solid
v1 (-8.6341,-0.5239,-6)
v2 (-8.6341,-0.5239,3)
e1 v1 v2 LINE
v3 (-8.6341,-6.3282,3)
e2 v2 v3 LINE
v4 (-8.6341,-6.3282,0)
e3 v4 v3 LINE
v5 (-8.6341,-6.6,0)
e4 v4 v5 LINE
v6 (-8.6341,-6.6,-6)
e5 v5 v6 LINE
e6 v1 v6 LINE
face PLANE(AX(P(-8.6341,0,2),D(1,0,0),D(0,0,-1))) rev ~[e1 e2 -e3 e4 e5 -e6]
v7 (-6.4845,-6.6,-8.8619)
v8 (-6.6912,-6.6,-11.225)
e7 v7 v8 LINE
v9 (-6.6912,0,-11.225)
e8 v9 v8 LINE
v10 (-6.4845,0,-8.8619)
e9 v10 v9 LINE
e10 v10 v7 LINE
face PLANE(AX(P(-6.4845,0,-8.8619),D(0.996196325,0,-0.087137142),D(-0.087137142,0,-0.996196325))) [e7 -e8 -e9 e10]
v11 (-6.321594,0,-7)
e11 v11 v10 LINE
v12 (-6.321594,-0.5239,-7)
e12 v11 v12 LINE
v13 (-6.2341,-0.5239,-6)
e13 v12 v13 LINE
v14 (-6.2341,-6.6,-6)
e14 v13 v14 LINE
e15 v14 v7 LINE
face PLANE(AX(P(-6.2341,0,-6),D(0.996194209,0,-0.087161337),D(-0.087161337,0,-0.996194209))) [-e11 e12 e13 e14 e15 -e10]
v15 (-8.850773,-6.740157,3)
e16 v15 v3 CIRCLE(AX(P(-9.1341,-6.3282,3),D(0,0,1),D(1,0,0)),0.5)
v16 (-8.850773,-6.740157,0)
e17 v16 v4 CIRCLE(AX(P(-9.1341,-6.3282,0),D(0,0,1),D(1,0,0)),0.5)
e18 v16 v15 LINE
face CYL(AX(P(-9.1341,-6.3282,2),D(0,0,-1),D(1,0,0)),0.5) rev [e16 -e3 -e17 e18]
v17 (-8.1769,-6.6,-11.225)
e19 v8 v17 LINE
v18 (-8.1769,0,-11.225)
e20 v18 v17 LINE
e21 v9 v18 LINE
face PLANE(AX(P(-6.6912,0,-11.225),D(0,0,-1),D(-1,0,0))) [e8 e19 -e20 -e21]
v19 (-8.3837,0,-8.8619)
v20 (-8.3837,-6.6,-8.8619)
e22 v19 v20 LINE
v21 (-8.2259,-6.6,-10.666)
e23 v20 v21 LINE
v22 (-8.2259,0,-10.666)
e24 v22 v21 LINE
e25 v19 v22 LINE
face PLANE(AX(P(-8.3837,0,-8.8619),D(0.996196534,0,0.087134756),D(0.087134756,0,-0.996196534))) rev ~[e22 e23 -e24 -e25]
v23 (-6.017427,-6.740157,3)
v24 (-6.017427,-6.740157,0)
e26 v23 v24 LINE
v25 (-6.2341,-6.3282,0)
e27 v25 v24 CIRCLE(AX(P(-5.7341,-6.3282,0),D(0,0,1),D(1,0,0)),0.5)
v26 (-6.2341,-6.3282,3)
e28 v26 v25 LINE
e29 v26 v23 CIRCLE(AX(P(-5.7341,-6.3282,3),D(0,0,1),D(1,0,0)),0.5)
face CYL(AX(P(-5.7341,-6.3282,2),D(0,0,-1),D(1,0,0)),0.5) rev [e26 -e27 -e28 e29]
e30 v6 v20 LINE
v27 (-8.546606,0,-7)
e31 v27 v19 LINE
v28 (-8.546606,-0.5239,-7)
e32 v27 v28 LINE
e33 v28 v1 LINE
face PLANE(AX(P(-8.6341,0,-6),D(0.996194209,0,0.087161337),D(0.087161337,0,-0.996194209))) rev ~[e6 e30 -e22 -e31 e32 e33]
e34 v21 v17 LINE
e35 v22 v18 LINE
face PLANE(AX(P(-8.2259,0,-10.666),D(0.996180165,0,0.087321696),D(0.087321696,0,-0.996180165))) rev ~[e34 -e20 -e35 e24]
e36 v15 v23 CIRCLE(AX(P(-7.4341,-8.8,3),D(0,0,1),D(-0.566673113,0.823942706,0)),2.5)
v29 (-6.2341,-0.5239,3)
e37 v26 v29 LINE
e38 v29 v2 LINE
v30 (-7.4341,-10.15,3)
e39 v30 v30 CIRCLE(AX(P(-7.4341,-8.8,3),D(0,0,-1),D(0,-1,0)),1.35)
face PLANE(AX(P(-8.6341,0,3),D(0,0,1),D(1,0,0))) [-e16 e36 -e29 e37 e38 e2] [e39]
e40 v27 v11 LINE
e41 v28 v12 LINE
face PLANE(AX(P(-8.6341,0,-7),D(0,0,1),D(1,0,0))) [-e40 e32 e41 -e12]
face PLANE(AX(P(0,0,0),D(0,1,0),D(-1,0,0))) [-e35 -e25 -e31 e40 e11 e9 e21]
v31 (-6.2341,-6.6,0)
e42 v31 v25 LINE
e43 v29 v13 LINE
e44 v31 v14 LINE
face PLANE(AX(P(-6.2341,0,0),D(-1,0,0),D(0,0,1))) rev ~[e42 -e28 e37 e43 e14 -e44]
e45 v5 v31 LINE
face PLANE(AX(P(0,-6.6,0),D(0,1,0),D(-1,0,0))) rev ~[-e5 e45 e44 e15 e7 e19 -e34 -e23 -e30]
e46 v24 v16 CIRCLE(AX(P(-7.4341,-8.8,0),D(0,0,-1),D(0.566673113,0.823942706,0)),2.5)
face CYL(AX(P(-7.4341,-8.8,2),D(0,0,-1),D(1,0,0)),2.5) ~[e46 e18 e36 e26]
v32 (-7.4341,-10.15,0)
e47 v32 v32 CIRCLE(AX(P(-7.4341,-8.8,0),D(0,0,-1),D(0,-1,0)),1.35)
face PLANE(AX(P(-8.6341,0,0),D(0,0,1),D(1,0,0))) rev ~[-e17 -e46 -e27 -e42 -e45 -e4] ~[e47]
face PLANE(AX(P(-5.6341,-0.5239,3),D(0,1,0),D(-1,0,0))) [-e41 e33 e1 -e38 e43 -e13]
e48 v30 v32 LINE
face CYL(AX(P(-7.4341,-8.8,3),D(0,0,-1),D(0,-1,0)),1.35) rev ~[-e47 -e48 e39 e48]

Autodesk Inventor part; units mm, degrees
ref_plane "YZ Plane" through (0, 0, 0) normal (1, 0, 0) x (0, 1, 0)
ref_plane "XZ Plane" through (0, 0, 0) normal (0, 1, 0) x (-1, 0, 0)
sketch "Sketch1" plane through (0, 0, 0) normal (0, 1, 0) x (-1, 0, 0)
  line L0 (5.5341, -4.8619) -> (4.7341, -5.0029) projected
  line L1 (5.5341, -4.4619) -> (5.5341, -4.8619) projected
  line L2 (4.7341, -4) -> (5.5341, -4.4619) projected
  line L3 (4.7341, -3.0029) -> (4.7341, -4) projected
  line L4 (5.5341, -2.8619) -> (4.7341, -3.0029) projected
  line L5 (5.5341, -2.4619) -> (5.5341, -2.8619) projected
  line L6 (4.7341, -2) -> (5.5341, -2.4619) projected
  line L7 (4.7341, -1.0029) -> (4.7341, -2) projected
  line L8 (5.5341, -0.8619) -> (4.7341, -1.0029) projected
  line L9 (5.5341, -0.4619) -> (5.5341, -0.8619) projected
  line L10 (4.7341, 0) -> (5.5341, -0.4619) projected
  line L11 (10.1341, 0) -> (4.7341, 0) projected
  line L12 (9.3341, -0.4619) -> (10.1341, 0) projected
  line L13 (9.3341, -0.8619) -> (9.3341, -0.4619) projected
  line L14 (10.1341, -1.0029) -> (9.3341, -0.8619) projected
  line L15 (10.1341, -1.0029) -> (10.1341, -2) projected
  line L16 (9.3341, -2.4619) -> (10.1341, -2) projected
  line L17 (9.3341, -2.8619) -> (9.3341, -2.4619) projected
  line L18 (10.1341, -3.0029) -> (9.3341, -2.8619) projected
  line L19 (10.1341, -3.0029) -> (10.1341, -4) projected
  line L20 (9.3341, -4.4619) -> (10.1341, -4) projected
  line L21 (9.3341, -4.8619) -> (9.3341, -4.4619) projected
  line L22 (10.1341, -5.0029) -> (9.3341, -4.8619) projected
  line L23 (10.1341, -5.0029) -> (10.1341, -6) projected
  line L24 (9.3341, -6.4619) -> (10.1341, -6) projected
  line L25 (9.3341, -6.8619) -> (9.3341, -6.4619) projected
  line L26 (10.1341, -7.0029) -> (9.3341, -6.8619) projected
  line L27 (10.1341, -7.0029) -> (10.1341, -8) projected
  line L28 (9.3341, -8.4619) -> (10.1341, -8) projected
  line L29 (9.3341, -8.8619) -> (9.3341, -8.4619) projected
  line L30 (10.1336, -9.0029) -> (9.3341, -8.8619) projected
  line L31 (10.1341, -9) -> (10.1341, -10.8672) projected
  arc A0 (10.1341, -10.8672) -> (10.1663, -11.225) centre (12.1341, -10.8672) ccw projected
  line L32 (4.5189, -11.225) -> (10.1663, -11.225) projected
  arc A1 (4.5189, -11.225) -> (4.7341, -10.3226) centre (2.7341, -10.3226) ccw projected
  line L33 (4.7341, -9) -> (4.7341, -10.3226) projected
  line L34 (5.5341, -8.8619) -> (4.7346, -9.0029) projected
  line L35 (5.5341, -8.4619) -> (5.5341, -8.8619) projected
  line L36 (4.7341, -8) -> (5.5341, -8.4619) projected
  line L37 (4.7341, -7.0029) -> (4.7341, -8) projected
  line L38 (5.5341, -6.8619) -> (4.7341, -7.0029) projected
  line L39 (5.5341, -6.4619) -> (5.5341, -6.8619) projected
  line L40 (4.7341, -6) -> (5.5341, -6.4619) projected
  line L41 (4.7341, -5.0029) -> (4.7341, -6) projected
  line L42 (10.1341, 0) -> (8.6341, 0)
  line L43 (4.7341, 0) -> (6.2341, 0)
  line L44 (6.2341, 0) -> (6.2341, -6)
  line L45 (6.2341, -6) -> (8.6341, -6)
  line L46 (8.6341, -6) -> (8.6341, 0)
  line L47 (8.6341, -6) -> (8.3837, -8.8619)
  line L48 (8.6341, -6) -> (11.5069, -6) construction
  line L49 (6.2341, -6) -> (6.4845, -8.8619)
  line L50 (6.2341, -6) -> (9.1069, -6) construction
  line L51 (6.4845, -8.8619) -> (8.3837, -8.8619)
  line L52 (8.3837, -8.8619) -> (8.2259, -10.666)
  line L53 (8.2259, -10.666) -> (8.1769, -11.225)
  line L54 (6.4845, -8.8619) -> (6.6912, -11.225)
  line L55 (8.6341, 0) -> (6.2341, 0)
  line L56 (6.2341, 0) -> (6.2341, 2)
  line L57 (6.2341, 2) -> (8.6341, 2)
  line L58 (8.6341, 2) -> (8.6341, 0)
  point P0 (0, 0)
  dimension "d0" = 1.5
  dimension "d1" = 1.5
  dimension "d2" = 6
  dimension "d3" = 95
  dimension "d4" = 85
  dimension "d5" = 2
extrude "Extrusion1" add sketch "Sketch1" against normal blind 6.6 contours L56 L57 L58 L11 | L11 L46 L45 L44 | L54 L51 L52 L53 L32 | L45 L47 L51 L49
sketch "Sketch2" plane through (-8.6341, 0, 2) normal (0, 0, 1) x (1, 0, 0)
  circle A0 centre (1.2, 2) radius 0.9
  circle A1 centre (1.2, -8.8) radius 0.9
  circle A2 centre (1.2, 2) radius 2.5
  circle A3 centre (1.2, -8.8) radius 2.5
  line L0 (0, 0) -> (2.4, 0) projected
  line L1 (0, 0) -> (0, -6.6) projected
  line L2 (2.4, -6.6) -> (0, -6.6) projected
  line L3 (2.4, 0) -> (2.4, -6.6) projected
  line L4 (2.4, 0) -> (2.4, -6.6) projected
  line L5 (2.4, -6.6) -> (2.4, -6.4)
  line L6 (2.4, -6.4) -> (2.4, -6.087)
  line L7 (0, -6.4) -> (0, -6.0348)
  circle A4 centre (2.9, -6.3282) radius 0.5
  circle A5 centre (-0.5, -6.3282) radius 0.5
  line L8 (0, 0) -> (0, -6.6) projected
  circle A6 centre (1.2, -8.8) radius 1.1 projected
  circle A7 centre (1.2, 2) radius 1.1 projected
  line L9 (3.9, 0.2) -> (3.9, -6.8) projected
  line L10 (3.9, -6.8) -> (-1.5, -6.8) projected
  line L11 (-1.5, -6.8) -> (-1.5, 0.2) projected
  line L12 (-1.5, 0.2) -> (3.9, 0.2) projected
  line L13 (-8, -25.631) -> (-8, 3.869) projected
  line L14 (8.6341, -25.631) -> (-8, -25.631) projected
  line L15 (8.6341, -25.631) -> (8.6341, 3.869) projected
  line L16 (-8, 3.869) -> (8.6341, 3.869) projected
  point P0 (8.6341, 0)
  point P1 (0, -6.3282)
  point P2 (-0.2167, -6.7401)
  point P3 (2.6167, -6.7401)
  point P4 (2.4, -6.3282)
  point P5 (2.4, -0.1932)
  point P6 (0, -0.1932)
  dimension "d16" = 5
  dimension "d17" = 5
  dimension "d19" = 0.2
  dimension "d20" = 1
  dimension "d21" = 1
ref_plane "Work Plane1" through (-16.6341, -25.631, 0) normal (0, 0, 1) x (1, 0, 0)
extrude "Extrusion3" add sketch "Sketch2" along normal blind 1 and the other way blind 2 contours A0 | A1 | A2 L12 L16 | L16 A2 | A2 L3 L0 L1 L12 | L3 L2 A3 L1 A2 | A2 L1 L0 L3 | A4 A3 L2 L3 | L1 L2 A3 A5 | A3 L10 L2 | A3 L10 | L2 A3 | A6 | A7
sketch "Sketch3" plane through (-8.6341, 0, 3) normal (0, 0, 1) x (1, 0, 0)
  circle A0 centre (1.2, -8.8) radius 0.9 projected
  circle A1 centre (1.2, 2) radius 0.9 projected
  point P0 (8.6341, 0)
fillet "Fillet1" radius 0.6 1 edges at (-6.2341, -0.1932, 1.5)
hole "Hole1" at (-7.4341, -8.8, 3) at (-7.4341, 2, 3) direction (0, 0, -1) diameter 2.7 end through all clearance for "Countersunk Flat Head Screw ISO 2009/7046" size "M2.5" standard "ISO"
sketch "Sketch4" plane through (-8.6341, 0, 3) normal (0, 0, 1) x (1, 0, 0)
  arc A0 (2.6516, -0.0354) -> (2.4, -0.5239) centre (3, -0.5239) ccw projected
  line L0 (3, -0.5239) -> (-1.7059, -0.5239)
  line L1 (-1.7059, -0.5239) -> (-1.7059, 4.8856)
  line L2 (-1.7059, 4.8856) -> (3, 4.8856)
  line L3 (3, 4.8856) -> (3, -0.5239)
  line L4 (3, -0.5239) -> (6.6824, -0.5239)
  line L5 (6.6824, -0.5239) -> (6.6824, 3.9617)
  line L6 (6.6824, 3.9617) -> (3, 3.9617)
  line L7 (3, 3.9617) -> (3, -0.5239)
  point P0 (8.6341, 0)
extrude "Extrusion4" cut sketch "Sketch4" against normal blind 10
properties part number "belt clip 2"
